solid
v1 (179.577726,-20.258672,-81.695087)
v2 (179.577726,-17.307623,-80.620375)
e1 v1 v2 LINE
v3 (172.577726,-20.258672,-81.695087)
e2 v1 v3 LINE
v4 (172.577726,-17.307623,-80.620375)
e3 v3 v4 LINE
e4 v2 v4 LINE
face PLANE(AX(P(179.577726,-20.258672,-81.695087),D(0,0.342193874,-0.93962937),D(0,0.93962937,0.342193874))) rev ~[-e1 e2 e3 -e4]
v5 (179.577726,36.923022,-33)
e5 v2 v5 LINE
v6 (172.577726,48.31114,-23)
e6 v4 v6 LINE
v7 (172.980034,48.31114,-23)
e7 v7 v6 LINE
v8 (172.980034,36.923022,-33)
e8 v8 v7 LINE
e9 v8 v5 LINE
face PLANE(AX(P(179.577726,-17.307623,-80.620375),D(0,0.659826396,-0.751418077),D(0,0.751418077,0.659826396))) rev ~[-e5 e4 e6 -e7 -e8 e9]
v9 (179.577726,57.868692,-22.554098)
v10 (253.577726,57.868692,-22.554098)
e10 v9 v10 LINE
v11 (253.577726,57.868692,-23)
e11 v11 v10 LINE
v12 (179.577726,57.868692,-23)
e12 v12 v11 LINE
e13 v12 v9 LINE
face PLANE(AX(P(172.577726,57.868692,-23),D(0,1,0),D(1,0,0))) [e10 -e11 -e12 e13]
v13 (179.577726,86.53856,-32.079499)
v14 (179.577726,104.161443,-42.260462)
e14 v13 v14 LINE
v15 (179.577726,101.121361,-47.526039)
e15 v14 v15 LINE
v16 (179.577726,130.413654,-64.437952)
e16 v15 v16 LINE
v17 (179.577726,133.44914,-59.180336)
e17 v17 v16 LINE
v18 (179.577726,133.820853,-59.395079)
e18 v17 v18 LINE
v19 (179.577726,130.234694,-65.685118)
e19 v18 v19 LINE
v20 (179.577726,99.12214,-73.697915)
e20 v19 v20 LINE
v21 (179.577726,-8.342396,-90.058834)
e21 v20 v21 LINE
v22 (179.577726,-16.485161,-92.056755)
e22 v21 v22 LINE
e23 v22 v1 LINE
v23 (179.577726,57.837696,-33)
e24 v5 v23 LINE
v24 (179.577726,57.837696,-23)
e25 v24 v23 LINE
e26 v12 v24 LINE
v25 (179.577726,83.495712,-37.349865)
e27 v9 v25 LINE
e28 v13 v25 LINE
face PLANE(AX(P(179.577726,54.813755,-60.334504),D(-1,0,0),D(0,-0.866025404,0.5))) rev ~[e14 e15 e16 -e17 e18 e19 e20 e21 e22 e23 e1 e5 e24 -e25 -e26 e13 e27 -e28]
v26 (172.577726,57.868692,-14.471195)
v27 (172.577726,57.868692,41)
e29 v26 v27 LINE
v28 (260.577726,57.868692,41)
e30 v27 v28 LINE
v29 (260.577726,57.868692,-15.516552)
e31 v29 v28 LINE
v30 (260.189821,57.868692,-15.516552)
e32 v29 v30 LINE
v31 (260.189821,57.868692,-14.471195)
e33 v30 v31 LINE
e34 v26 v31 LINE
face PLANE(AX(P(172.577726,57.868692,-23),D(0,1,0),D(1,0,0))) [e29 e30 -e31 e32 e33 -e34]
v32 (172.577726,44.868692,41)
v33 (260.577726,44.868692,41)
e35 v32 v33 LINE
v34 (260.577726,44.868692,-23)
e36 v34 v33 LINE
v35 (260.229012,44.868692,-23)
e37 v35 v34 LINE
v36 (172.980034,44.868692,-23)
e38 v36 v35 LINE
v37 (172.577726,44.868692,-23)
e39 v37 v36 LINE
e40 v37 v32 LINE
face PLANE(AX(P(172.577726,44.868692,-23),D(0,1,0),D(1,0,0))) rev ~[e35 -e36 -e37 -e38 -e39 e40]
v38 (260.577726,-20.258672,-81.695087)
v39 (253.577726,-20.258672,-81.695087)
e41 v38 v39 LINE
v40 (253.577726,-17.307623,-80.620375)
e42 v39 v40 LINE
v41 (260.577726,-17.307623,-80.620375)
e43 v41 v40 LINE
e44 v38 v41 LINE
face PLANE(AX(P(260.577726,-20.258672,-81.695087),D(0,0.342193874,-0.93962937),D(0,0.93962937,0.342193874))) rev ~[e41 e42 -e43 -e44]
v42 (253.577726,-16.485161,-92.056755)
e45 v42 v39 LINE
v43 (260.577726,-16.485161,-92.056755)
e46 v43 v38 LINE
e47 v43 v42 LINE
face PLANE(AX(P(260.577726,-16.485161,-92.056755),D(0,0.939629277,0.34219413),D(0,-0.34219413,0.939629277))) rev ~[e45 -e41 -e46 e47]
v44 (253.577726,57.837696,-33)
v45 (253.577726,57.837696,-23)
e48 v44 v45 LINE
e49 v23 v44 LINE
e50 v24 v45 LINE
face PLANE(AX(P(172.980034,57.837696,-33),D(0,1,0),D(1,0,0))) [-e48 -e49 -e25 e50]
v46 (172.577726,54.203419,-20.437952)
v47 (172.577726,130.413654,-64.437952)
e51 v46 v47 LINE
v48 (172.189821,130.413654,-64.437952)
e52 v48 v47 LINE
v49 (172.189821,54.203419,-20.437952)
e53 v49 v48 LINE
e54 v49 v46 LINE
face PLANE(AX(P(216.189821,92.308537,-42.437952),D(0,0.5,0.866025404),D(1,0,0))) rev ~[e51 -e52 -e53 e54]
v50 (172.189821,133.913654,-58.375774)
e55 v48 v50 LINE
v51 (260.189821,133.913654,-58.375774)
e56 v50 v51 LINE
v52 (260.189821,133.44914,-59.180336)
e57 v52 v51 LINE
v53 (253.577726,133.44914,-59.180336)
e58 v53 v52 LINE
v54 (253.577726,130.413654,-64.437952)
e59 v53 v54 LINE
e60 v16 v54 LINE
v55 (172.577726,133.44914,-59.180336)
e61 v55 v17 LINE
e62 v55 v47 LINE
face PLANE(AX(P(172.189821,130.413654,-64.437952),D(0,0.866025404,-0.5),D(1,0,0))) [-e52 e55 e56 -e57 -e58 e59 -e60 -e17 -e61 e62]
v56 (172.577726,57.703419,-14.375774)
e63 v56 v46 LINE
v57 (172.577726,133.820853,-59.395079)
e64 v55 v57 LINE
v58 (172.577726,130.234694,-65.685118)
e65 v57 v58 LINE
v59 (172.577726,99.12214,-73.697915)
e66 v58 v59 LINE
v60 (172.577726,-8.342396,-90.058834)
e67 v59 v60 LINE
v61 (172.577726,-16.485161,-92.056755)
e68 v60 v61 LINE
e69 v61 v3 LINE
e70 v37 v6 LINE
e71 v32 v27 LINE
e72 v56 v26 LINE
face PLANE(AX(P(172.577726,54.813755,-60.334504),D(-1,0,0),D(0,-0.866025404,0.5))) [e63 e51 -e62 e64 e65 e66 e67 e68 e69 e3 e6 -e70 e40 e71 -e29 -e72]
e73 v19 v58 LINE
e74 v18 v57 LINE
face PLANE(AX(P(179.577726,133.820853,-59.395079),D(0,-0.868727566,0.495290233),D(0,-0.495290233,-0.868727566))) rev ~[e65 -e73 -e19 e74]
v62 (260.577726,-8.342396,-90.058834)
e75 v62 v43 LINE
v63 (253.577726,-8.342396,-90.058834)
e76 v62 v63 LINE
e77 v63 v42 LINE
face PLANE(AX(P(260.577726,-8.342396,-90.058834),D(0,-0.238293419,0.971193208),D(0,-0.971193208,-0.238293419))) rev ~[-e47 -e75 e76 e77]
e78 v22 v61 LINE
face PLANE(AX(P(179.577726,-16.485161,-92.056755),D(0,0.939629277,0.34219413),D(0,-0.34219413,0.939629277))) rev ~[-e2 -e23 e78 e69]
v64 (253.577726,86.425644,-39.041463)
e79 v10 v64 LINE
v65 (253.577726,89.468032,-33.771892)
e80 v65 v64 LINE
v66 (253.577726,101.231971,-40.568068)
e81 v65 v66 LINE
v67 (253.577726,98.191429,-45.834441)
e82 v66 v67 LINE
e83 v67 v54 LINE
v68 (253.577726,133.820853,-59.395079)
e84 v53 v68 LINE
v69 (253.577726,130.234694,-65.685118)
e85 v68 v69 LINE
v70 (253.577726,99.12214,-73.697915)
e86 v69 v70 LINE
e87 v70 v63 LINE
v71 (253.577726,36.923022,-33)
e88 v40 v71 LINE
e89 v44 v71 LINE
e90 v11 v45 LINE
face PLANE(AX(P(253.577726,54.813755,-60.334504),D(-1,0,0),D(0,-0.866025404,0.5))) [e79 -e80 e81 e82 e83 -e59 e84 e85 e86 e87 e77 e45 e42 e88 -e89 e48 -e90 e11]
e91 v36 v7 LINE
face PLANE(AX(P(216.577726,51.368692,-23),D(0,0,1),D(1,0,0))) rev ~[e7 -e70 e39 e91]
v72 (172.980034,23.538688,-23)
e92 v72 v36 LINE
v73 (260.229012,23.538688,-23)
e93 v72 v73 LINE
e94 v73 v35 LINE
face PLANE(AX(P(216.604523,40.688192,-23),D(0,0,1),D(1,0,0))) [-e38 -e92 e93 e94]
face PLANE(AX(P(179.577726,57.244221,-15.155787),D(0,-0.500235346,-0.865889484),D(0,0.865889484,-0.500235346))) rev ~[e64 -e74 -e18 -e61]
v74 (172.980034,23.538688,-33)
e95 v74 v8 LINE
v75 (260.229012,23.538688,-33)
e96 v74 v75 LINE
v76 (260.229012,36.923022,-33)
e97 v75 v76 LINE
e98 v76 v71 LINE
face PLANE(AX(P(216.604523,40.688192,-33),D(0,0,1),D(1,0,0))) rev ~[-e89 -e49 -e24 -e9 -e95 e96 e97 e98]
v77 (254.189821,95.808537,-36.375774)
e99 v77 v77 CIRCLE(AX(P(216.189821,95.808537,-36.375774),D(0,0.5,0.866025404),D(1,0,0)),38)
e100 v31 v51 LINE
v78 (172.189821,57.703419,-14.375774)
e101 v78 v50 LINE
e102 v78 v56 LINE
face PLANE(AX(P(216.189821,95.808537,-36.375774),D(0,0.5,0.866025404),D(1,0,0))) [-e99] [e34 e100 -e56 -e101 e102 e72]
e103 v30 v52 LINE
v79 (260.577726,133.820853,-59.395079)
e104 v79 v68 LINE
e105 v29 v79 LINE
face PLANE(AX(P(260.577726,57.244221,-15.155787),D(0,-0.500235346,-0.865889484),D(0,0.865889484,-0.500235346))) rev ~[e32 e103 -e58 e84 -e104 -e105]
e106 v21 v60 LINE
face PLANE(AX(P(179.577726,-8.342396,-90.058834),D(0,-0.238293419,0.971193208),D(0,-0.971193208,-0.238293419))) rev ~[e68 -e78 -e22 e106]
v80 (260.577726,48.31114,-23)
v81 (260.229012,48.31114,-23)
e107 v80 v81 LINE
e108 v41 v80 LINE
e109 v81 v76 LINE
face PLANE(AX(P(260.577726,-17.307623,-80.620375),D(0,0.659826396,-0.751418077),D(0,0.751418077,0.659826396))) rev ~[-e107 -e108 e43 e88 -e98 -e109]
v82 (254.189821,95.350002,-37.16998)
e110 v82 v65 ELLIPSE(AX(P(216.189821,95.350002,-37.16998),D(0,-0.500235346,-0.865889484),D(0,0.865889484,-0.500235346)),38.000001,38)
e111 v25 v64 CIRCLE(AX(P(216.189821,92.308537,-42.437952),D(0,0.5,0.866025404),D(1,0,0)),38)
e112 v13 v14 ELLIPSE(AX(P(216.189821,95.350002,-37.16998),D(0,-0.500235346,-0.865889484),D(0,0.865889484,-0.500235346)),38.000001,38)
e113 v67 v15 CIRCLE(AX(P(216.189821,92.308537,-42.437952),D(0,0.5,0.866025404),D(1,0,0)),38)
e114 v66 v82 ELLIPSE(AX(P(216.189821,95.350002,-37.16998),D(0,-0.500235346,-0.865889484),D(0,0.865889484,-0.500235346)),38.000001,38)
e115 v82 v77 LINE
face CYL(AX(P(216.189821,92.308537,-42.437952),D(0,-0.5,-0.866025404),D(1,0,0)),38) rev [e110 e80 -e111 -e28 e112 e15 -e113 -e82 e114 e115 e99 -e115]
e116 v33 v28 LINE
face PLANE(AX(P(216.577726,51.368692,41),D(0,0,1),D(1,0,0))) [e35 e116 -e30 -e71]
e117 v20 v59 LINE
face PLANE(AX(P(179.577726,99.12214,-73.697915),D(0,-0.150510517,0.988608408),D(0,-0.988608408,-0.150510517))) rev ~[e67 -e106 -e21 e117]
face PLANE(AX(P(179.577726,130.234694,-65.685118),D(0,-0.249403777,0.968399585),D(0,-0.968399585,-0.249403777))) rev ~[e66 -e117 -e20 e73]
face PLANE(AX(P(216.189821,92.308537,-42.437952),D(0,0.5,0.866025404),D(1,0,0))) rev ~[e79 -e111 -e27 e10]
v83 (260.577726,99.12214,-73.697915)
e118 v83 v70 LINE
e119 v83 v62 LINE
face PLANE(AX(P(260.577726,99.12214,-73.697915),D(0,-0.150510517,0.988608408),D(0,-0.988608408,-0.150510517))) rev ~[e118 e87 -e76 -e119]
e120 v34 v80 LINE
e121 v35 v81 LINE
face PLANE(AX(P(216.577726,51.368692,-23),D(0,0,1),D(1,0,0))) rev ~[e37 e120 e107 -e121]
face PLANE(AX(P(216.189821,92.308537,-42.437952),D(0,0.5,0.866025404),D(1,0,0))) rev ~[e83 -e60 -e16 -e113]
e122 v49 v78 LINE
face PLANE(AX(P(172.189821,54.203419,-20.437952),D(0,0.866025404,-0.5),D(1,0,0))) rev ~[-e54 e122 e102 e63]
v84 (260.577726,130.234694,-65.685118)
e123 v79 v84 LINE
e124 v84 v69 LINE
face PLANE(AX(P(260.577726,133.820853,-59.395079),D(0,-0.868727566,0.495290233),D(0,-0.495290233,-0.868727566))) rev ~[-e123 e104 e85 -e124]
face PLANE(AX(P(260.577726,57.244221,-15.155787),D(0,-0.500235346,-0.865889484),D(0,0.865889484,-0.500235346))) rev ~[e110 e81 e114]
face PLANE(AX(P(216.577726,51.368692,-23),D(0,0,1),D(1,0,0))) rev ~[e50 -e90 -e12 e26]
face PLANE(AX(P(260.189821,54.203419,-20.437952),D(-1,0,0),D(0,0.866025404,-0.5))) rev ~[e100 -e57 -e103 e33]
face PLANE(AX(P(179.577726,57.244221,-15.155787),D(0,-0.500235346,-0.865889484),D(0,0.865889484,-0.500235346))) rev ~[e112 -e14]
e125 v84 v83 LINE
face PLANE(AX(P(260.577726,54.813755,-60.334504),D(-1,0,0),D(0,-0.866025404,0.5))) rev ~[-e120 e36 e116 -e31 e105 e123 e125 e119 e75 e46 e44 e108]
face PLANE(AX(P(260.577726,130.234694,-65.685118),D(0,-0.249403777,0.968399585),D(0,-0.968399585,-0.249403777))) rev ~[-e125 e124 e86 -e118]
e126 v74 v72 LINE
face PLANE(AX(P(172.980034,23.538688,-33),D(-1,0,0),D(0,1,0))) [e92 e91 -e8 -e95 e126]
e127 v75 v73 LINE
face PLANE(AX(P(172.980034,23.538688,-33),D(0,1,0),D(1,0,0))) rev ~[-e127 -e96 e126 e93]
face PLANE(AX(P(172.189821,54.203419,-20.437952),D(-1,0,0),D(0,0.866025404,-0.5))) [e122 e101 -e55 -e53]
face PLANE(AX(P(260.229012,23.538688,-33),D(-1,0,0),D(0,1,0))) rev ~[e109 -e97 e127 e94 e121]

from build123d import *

# Parameters (mm, degrees)
EXTRUDE023_DEPTH                          = 7
EXTRUDE023_ONTO_SKETCH025_ROLL_ANGLE      = 90
EXTRUDE023_ONTO_SKETCH025_PITCH_ANGLE     = -30
EXTRUDE023_ONTO_SKETCH025_PLACEMENT_ANGLE = -90
SKETCH014_W                               = 87.248978
SKETCH014_H                               = 34.299007
EXTRUDE018_DEPTH                          = 10
EXTRUDE014_DEPTH                          = 7
EXTRUDE014_ONTO_SKETCH013_ROLL_ANGLE      = 90
EXTRUDE014_ONTO_SKETCH013_PITCH_ANGLE     = -30
EXTRUDE014_ONTO_SKETCH013_PLACEMENT_ANGLE = -90
SKETCH016_W                               = 88
SKETCH016_H                               = 88
SKETCH016_R                               = 38
EXTRUDE015_DEPTH                          = 7
EXTRUDE015_PLACEMENT_ANGLE                = 30
SKETCH015_W                               = 88
SKETCH015_H                               = 13
EXTRUDE017_DEPTH                          = 64


with BuildPart() as extrude023:
    # Sketch025 as drawn → Extrude023 (new)
    with BuildSketch(Plane.XY):
        Polygon((-123.305188, 6.070855), (-123.344503, -1.169558), (-100.406639, -23.66512), (-15.520081, -91.56636), (-9.4672, -97.367993), (-1.018409, -90.281281), (-3.036737, -87.875028), (-34.868234, 6.09489), align=None)
    extrude(amount=EXTRUDE023_DEPTH)


with BuildPart() as extrude023_1:
    # Extrude023 onto Sketch025 roll: moved
    add(extrude023.part.rotate(Axis((0, 0, 0), (1, 0, 0)), EXTRUDE023_ONTO_SKETCH025_ROLL_ANGLE))


with BuildPart() as extrude023_2:
    # Extrude023 onto Sketch025 pitch: moved
    add(extrude023_1.part.rotate(Axis((0, 0, 0), (0, 1, 0)), EXTRUDE023_ONTO_SKETCH025_PITCH_ANGLE))


with BuildPart() as extrude023_3:
    # Extrude023 onto Sketch025 placement: moved
    add(extrude023_2.part.moved(Location((42.577726, 14, 39))).rotate(Axis((42.577726, 14, 39), (0, 0, 1)), EXTRUDE023_ONTO_SKETCH025_PLACEMENT_ANGLE))


with BuildPart() as extrude023_4:
    # Extrude023 placement: moved
    add(extrude023_3.part.moved(Location((7, 0, 0))))


with BuildPart() as extrude018:
    # Sketch014 → Extrude018 (new body)
    with BuildSketch(Plane.XY):
        with Locations((83.604523, 30.688192)):
            Rectangle(SKETCH014_W, SKETCH014_H)
    extrude(amount=EXTRUDE018_DEPTH)


with BuildPart() as extrude018_1:
    # Extrude018 placement: moved
    add(extrude018.part.moved(Location((3, 0, 9))))


with BuildPart() as extrude014:
    # Sketch013 as drawn → Extrude014 (new)
    with BuildSketch(Plane.XY):
        Polygon((-123.305188, 6.070855), (-123.344503, -1.169558), (-100.406639, -23.66512), (-15.520081, -91.56636), (-9.4672, -97.367993), (-1.018409, -90.281281), (-3.036737, -87.875028), (-34.868234, 6.09489), align=None)
    extrude(amount=EXTRUDE014_DEPTH)


with BuildPart() as extrude014_1:
    # Extrude014 onto Sketch013 roll: moved
    add(extrude014.part.rotate(Axis((0, 0, 0), (1, 0, 0)), EXTRUDE014_ONTO_SKETCH013_ROLL_ANGLE))


with BuildPart() as extrude014_2:
    # Extrude014 onto Sketch013 pitch: moved
    add(extrude014_1.part.rotate(Axis((0, 0, 0), (0, 1, 0)), EXTRUDE014_ONTO_SKETCH013_PITCH_ANGLE))


with BuildPart() as extrude014_3:
    # Extrude014 onto Sketch013 placement: moved
    add(extrude014_2.part.moved(Location((42.577726, 14, 39))).rotate(Axis((42.577726, 14, 39), (0, 0, 1)), EXTRUDE014_ONTO_SKETCH013_PLACEMENT_ANGLE))


with BuildPart() as extrude014_4:
    # Extrude014 placement: moved
    add(extrude014_3.part.moved(Location((88, 0, 0))))


with BuildPart() as extrude015:
    # Sketch016 → Extrude015 (new body)
    with BuildSketch(Plane.XY):
        with Locations((83.189821, 78.875904)):
            Rectangle(SKETCH016_W, SKETCH016_H)
        with Locations((83.189821, 78.875904)):
            Circle(SKETCH016_R, mode=Mode.SUBTRACT)
    extrude(amount=EXTRUDE015_DEPTH)


with BuildPart() as extrude015_1:
    # Extrude015 placement: moved
    add(extrude015.part.moved(Location((3, 14, 39))).rotate(Axis((3, 14, 39), (-1, 0, 0)), EXTRUDE015_PLACEMENT_ANGLE))


with BuildPart() as suporte003:
    # Sketch015 → Extrude017 (new body)
    with BuildSketch(Plane.XY):
        with Locations((83.577726, 41.368692)):
            Rectangle(SKETCH015_W, SKETCH015_H)
    extrude(amount=EXTRUDE017_DEPTH)


with BuildPart() as suporte003_1:
    # Extrude017 placement: moved
    add(suporte003.part.moved(Location((3, 0, 19))))

    # Fusion002: union Extrude023, Extrude018, Extrude014, Extrude015
    add(extrude023_4.part)
    add(extrude018_1.part)
    add(extrude014_4.part)
    add(extrude015_1.part)


with BuildPart() as suporte003_2:
    # Fusion002 placement: moved
    add(suporte003_1.part.moved(Location((130, 10, -42))))


solid = suporte003_2.part
